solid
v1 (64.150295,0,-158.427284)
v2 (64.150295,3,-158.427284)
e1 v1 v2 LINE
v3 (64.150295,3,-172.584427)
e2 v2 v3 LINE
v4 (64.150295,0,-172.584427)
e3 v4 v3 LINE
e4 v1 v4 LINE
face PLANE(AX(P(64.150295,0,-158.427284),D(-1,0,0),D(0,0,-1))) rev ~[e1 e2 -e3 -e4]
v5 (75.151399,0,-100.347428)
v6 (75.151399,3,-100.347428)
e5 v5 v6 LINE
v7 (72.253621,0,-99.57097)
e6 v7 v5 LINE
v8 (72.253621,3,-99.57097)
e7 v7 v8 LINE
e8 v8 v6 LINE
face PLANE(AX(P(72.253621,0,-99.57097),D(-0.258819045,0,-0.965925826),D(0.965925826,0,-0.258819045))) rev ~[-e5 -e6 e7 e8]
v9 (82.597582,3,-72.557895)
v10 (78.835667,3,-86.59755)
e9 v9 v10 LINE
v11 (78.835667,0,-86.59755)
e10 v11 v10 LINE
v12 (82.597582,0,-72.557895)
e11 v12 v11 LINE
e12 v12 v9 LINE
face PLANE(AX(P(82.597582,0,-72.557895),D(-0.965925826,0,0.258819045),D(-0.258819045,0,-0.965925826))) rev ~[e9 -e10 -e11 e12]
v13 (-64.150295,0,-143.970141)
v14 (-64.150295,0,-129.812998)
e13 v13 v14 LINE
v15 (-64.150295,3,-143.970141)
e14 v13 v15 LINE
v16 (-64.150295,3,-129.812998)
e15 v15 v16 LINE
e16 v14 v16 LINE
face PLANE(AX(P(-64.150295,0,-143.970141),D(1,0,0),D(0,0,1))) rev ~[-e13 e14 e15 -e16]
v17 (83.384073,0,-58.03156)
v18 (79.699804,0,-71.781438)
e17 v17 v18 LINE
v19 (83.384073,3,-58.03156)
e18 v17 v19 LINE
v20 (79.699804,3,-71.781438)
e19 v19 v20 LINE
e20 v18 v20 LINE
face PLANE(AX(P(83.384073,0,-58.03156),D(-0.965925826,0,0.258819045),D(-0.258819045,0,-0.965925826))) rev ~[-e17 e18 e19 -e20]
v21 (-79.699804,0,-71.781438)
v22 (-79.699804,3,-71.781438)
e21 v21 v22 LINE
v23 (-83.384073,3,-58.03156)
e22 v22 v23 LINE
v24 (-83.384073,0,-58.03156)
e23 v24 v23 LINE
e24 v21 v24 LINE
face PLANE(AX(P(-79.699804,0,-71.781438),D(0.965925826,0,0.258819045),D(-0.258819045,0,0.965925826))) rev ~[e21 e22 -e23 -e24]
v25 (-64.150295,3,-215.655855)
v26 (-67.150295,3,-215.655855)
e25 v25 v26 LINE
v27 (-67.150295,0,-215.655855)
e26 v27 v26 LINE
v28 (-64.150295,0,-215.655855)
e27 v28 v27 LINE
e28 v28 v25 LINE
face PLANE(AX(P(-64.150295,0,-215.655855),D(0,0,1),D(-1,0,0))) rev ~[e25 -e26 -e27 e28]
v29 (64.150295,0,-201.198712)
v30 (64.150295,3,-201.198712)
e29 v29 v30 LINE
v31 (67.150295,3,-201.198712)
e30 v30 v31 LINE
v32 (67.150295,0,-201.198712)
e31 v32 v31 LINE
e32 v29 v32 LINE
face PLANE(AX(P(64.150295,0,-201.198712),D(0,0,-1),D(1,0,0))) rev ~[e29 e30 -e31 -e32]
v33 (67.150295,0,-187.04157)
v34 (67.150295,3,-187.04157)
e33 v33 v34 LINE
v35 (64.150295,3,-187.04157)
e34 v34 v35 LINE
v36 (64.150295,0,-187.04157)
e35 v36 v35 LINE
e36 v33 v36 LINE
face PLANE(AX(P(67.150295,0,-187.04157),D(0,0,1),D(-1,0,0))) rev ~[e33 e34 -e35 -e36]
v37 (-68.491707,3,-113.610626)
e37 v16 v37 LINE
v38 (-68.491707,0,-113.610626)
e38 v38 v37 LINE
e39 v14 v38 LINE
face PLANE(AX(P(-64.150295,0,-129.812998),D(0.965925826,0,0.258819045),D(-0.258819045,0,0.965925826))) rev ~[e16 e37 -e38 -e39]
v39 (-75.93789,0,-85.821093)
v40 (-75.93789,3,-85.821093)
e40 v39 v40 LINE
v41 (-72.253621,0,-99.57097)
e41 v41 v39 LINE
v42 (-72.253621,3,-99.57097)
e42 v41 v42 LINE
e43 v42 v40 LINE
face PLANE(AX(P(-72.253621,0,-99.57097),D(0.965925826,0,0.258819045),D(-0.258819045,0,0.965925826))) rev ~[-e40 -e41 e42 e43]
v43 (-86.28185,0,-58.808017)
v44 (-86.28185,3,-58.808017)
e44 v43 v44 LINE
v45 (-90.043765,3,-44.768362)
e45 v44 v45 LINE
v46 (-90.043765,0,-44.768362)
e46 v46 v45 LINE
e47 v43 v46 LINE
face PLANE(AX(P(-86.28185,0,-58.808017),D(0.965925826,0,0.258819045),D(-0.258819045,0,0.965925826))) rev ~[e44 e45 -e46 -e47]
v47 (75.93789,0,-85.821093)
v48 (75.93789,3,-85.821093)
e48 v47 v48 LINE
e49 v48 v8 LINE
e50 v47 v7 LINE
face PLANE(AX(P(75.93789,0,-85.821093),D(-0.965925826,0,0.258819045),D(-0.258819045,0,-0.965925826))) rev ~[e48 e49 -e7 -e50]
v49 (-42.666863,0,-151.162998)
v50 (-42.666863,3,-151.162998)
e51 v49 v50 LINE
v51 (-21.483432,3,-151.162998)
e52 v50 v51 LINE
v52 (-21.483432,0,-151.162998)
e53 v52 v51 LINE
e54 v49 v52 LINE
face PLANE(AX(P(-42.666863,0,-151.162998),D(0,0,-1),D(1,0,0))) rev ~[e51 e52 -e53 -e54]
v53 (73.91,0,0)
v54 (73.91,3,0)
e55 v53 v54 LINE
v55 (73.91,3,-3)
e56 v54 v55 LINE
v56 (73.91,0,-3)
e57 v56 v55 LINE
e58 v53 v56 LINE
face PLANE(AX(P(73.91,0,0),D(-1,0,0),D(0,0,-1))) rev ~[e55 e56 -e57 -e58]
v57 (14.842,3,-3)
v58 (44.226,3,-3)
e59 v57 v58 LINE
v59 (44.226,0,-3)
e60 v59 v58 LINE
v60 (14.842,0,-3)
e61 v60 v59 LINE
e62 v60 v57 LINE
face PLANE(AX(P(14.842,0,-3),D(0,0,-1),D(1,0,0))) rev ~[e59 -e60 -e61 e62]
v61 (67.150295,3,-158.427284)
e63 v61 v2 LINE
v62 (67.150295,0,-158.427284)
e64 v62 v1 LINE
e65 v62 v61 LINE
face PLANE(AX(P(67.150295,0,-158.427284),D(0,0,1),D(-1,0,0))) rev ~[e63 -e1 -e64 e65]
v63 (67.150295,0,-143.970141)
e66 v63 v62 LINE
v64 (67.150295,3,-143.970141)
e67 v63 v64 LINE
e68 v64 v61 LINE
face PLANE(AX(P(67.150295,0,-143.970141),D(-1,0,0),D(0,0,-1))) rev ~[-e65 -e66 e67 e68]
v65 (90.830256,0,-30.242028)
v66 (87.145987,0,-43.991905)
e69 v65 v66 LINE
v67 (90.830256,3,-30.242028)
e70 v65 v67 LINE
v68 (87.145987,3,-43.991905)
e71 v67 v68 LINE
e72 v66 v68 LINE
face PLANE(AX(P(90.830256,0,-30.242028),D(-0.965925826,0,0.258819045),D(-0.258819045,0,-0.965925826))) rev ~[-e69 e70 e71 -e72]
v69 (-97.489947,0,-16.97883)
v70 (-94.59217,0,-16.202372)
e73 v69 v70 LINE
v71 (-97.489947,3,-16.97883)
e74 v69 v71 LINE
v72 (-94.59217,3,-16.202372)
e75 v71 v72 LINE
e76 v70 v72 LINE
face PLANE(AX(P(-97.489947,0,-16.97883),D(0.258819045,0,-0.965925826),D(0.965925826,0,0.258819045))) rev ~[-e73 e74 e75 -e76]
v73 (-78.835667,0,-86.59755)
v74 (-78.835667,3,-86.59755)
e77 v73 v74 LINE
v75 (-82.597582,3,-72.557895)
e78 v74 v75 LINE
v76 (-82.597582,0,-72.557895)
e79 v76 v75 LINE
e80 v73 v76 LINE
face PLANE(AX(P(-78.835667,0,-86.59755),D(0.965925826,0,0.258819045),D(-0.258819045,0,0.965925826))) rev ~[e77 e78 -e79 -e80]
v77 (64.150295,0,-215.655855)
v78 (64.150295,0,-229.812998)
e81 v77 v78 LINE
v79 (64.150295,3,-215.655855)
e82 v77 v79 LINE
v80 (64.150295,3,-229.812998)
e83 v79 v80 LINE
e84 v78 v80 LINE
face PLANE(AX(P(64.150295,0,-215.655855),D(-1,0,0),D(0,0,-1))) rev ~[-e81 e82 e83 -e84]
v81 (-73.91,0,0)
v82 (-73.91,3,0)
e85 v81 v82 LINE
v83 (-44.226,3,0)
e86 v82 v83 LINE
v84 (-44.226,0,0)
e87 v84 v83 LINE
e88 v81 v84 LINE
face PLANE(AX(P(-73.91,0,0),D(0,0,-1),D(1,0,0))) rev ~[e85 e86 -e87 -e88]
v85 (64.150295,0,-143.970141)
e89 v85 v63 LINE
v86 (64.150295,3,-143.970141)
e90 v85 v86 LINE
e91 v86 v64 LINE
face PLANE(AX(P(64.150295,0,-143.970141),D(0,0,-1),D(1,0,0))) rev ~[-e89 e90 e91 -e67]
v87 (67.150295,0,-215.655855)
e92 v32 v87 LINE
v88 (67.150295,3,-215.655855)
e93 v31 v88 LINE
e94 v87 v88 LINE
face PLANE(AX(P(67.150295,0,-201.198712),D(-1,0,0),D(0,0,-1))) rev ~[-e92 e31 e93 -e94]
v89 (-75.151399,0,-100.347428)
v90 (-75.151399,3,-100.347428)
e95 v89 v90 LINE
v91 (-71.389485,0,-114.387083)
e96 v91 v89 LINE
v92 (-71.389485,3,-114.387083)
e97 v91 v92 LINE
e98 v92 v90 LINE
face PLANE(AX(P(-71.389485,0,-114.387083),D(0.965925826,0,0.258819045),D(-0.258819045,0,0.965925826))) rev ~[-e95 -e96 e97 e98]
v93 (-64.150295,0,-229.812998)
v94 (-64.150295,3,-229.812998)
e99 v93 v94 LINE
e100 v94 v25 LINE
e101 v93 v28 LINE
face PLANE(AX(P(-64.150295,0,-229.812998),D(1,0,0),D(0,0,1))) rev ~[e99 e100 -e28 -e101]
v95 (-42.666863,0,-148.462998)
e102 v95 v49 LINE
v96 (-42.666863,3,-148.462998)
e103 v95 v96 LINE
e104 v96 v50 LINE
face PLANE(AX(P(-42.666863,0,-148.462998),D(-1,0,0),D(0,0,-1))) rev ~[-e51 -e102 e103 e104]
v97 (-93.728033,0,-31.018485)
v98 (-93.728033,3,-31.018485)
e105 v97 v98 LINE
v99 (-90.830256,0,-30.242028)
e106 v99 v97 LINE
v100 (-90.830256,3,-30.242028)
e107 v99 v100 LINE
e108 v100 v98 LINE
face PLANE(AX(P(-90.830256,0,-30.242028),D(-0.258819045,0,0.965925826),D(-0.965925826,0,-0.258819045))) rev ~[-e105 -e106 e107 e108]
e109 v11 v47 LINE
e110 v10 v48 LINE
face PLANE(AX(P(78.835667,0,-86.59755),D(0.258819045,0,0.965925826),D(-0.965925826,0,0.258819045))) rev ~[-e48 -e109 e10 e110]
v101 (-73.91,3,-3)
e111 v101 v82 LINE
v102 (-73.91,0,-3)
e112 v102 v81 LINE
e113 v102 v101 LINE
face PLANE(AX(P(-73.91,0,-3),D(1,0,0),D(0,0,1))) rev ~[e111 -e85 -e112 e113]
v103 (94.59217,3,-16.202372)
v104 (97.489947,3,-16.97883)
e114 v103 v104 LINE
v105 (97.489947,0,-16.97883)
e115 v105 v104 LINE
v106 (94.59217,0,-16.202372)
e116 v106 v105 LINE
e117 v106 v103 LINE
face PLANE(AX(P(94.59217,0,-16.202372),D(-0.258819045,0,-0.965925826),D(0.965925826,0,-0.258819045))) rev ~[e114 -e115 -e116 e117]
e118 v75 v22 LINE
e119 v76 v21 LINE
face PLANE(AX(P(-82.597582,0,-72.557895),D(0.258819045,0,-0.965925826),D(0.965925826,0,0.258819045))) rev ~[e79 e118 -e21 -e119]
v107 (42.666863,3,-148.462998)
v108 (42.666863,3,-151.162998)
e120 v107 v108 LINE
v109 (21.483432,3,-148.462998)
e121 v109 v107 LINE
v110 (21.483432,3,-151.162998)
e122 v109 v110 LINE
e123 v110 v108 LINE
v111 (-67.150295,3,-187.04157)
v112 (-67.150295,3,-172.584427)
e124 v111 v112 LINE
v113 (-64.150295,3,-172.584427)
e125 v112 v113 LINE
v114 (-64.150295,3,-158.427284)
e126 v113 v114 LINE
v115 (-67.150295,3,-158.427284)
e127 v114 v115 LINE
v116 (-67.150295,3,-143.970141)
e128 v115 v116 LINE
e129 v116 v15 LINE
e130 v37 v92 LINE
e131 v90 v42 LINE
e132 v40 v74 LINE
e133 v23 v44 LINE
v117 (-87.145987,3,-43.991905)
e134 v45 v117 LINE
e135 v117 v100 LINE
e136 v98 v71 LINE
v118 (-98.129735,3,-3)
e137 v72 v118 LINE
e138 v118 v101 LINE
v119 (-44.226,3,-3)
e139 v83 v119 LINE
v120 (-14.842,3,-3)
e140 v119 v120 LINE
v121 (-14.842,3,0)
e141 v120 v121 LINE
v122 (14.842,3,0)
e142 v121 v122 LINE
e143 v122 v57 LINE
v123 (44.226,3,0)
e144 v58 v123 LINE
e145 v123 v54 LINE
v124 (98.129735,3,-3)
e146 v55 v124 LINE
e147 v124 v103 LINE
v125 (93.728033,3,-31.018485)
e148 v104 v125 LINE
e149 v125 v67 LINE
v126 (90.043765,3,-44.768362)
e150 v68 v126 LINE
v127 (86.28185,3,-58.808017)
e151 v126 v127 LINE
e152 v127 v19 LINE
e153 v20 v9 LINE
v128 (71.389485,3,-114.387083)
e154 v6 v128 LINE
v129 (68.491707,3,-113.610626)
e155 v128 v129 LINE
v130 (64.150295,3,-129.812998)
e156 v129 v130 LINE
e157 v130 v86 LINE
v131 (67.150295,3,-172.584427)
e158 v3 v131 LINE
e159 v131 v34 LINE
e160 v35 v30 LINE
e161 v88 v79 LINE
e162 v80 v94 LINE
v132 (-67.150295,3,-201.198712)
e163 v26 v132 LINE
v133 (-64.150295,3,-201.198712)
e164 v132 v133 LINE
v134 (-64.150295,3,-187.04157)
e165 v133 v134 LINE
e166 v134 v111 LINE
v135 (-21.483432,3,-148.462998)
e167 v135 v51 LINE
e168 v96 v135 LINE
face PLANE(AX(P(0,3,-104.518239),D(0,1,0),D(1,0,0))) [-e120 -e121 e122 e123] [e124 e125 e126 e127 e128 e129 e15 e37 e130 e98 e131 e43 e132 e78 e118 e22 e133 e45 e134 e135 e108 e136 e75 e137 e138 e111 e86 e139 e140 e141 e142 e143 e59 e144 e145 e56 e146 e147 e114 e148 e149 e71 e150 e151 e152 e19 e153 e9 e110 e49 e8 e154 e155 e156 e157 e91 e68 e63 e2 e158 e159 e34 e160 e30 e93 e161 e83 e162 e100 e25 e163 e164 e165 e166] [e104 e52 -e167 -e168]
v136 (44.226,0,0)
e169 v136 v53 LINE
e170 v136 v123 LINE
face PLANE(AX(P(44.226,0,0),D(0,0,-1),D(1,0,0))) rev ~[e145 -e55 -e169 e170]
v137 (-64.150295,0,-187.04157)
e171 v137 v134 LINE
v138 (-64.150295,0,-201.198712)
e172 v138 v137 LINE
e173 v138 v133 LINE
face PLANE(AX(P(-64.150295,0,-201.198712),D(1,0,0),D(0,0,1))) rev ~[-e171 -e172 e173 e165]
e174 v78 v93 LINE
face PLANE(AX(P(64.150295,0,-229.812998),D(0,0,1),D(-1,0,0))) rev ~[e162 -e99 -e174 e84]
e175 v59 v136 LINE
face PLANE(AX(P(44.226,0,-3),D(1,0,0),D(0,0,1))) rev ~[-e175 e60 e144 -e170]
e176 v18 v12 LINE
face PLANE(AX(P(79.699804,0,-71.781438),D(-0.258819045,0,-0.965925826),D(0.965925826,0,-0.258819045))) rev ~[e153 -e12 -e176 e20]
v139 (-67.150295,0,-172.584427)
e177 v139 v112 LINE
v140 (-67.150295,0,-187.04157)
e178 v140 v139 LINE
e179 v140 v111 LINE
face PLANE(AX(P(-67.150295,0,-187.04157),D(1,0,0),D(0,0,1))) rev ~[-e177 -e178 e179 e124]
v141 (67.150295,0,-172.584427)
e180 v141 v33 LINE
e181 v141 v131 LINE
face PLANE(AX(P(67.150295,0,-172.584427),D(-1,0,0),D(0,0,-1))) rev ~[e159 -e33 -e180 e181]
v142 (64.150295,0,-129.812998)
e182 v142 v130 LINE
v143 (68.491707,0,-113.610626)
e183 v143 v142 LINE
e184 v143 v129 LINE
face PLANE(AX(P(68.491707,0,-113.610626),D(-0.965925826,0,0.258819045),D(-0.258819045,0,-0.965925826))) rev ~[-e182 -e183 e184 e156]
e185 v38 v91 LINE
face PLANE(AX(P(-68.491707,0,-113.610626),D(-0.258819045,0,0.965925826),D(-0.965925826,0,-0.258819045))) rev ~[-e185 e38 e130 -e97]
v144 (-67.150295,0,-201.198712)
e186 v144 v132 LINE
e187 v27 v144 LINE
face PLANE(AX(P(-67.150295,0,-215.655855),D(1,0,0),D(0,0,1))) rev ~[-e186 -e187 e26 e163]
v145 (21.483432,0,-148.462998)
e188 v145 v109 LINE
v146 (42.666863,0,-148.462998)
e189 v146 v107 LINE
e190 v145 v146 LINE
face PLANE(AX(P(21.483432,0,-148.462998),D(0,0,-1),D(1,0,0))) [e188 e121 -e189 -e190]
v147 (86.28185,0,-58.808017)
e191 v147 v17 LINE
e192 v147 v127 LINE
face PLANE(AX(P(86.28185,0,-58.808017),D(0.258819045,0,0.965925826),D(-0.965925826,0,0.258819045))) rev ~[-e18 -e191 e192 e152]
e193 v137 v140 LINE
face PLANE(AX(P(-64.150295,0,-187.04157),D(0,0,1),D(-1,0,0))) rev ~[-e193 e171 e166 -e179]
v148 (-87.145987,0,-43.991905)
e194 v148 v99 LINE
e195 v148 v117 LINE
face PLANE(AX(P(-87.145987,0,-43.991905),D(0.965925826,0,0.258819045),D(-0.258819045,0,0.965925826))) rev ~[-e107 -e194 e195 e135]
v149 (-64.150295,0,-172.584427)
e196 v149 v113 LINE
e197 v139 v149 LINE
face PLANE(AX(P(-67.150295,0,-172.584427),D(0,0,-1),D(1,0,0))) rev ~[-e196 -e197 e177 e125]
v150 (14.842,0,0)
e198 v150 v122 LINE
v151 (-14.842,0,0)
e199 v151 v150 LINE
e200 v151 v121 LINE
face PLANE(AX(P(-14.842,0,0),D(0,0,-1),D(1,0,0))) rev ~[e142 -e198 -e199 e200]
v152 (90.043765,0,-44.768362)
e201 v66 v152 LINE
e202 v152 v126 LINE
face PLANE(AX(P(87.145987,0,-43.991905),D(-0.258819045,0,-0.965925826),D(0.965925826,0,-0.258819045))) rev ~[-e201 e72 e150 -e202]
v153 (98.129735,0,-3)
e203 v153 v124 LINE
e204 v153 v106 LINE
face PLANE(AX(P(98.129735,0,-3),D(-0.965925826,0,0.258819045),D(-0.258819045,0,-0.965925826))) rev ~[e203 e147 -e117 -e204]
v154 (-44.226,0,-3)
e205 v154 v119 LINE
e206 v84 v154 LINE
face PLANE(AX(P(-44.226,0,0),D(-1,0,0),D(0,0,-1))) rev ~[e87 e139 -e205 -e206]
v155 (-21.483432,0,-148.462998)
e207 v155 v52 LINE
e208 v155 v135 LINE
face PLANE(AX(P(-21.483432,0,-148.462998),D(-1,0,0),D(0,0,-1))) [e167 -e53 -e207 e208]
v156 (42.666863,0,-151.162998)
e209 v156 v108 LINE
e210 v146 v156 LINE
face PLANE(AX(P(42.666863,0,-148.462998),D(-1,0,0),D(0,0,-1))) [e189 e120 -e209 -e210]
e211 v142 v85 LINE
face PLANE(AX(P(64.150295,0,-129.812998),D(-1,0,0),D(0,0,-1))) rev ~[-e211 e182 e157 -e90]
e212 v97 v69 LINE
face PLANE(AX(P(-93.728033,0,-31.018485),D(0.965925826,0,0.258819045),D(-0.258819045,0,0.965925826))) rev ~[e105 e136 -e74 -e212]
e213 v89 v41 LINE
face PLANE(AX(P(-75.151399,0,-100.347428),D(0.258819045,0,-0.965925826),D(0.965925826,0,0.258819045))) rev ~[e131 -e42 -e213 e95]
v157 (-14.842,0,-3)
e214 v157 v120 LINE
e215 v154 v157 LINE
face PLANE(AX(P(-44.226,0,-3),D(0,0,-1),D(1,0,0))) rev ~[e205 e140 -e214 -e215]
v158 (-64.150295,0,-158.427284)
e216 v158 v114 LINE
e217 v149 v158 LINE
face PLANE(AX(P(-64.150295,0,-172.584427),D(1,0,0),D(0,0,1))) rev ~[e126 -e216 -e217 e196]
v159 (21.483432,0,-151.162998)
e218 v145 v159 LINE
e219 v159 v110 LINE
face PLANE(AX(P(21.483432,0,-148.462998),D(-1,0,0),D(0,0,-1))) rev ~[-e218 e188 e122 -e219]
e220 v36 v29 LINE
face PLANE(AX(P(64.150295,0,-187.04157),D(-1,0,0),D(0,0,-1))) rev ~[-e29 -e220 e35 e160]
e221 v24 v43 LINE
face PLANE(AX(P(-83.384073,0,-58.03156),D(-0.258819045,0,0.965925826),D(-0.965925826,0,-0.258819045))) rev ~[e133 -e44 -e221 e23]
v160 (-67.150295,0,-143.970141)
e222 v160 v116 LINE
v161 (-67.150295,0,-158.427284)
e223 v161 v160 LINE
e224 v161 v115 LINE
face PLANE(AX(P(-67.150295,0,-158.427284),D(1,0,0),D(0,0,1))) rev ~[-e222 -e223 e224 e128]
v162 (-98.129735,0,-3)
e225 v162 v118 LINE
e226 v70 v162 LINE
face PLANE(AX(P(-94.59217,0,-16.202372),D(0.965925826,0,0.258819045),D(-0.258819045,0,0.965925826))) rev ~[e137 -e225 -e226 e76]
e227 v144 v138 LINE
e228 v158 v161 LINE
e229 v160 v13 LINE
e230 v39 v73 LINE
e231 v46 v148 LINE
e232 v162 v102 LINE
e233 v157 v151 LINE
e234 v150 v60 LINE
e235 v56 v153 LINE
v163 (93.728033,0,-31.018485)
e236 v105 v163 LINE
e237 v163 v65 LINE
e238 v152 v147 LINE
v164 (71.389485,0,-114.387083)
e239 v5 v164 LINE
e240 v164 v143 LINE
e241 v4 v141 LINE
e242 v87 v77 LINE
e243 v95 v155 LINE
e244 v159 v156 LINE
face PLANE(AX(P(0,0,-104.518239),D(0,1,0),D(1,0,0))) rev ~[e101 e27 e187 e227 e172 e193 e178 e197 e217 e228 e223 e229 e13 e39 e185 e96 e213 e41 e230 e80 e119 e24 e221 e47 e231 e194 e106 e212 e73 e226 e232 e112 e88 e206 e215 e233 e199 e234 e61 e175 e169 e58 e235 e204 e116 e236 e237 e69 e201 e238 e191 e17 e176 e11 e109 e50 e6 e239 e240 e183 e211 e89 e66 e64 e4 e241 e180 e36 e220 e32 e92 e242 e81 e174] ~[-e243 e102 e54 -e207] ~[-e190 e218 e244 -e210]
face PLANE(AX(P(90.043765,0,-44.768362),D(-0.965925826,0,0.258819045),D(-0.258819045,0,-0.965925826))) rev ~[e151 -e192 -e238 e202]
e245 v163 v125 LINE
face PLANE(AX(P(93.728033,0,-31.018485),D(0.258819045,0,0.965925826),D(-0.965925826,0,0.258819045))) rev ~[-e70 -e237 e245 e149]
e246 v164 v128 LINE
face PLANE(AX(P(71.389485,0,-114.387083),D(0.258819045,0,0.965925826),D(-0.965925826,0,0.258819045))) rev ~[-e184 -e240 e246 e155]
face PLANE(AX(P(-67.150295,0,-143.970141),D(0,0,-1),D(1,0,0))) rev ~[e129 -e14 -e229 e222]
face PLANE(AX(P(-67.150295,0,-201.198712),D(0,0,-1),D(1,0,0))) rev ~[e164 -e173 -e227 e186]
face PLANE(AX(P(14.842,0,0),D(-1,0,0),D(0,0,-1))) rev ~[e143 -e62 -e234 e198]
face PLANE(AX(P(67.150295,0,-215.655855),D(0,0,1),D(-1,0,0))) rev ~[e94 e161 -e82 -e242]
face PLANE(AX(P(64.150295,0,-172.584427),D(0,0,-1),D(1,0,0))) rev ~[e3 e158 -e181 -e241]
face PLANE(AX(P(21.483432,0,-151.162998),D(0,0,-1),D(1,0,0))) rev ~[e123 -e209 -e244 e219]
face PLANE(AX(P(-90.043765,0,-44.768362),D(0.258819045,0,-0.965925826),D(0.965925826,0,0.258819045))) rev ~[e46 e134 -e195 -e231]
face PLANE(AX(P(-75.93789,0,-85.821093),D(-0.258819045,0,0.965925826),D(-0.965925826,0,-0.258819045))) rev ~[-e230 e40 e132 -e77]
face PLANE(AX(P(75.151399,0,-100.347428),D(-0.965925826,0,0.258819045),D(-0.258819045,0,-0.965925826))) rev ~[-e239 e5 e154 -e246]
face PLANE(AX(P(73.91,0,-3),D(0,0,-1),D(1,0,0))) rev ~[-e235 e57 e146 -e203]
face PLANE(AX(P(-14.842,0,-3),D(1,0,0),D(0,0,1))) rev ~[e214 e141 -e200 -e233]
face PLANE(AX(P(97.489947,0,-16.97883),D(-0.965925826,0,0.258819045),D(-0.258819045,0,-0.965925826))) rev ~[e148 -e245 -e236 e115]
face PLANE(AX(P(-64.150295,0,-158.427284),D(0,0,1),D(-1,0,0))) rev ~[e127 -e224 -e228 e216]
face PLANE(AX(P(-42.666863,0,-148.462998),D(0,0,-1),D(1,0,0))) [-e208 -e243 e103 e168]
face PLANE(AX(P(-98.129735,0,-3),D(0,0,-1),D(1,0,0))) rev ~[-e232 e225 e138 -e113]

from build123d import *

# Parameters (mm, degrees)
SKETCH1_W           = 21.18343152
SKETCH1_H           = 2.7
BOSS_EXTRUDE1_DEPTH = 3


with BuildPart() as part:
    # Sketch1 → Boss-Extrude1 (new body)
    with BuildSketch(Plane(origin=(0, 0, 0), x_dir=(1, 0, 0), z_dir=(0, 1, 0))):
        Polygon((44.226000001, 0), (73.910000001, 0), (73.910000001, 3), (98.12973499, 3), (94.59216997, 16.202372389), (97.489947449, 16.978829524), (93.72803317, 31.018484749), (90.830255691, 30.242027613), (87.145987125, 43.99190509), (90.043764604, 44.768362225), (86.281850324, 58.808017449), (83.384072846, 58.031560314), (79.69980428, 71.781437791), (82.597581759, 72.557894926), (78.835667479, 86.59755015), (75.93789, 85.821093015), (72.253621435, 99.570970491), (75.151398913, 100.347427627), (71.389484634, 114.387082851), (68.491707155, 113.610625716), (64.150294558, 129.812998105), (64.150294558, 143.970140962), (67.150294558, 143.970140962), (67.150294558, 158.427283819), (64.150294558, 158.427283819), (64.150294558, 172.584426676), (67.150294558, 172.584426676), (67.150294558, 187.041569533), (64.150294558, 187.041569533), (64.150294558, 201.19871239), (67.150294558, 201.19871239), (67.150294558, 215.655855248), (64.150294558, 215.655855248), (64.150294558, 229.812998105), (-64.150294558, 229.812998105), (-64.150294558, 215.655855248), (-67.150294558, 215.655855248), (-67.150294558, 201.19871239), (-64.150294558, 201.19871239), (-64.150294558, 187.041569533), (-67.150294558, 187.041569533), (-67.150294558, 172.584426676), (-64.150294558, 172.584426676), (-64.150294558, 158.427283819), (-67.150294558, 158.427283819), (-67.150294558, 143.970140962), (-64.150294558, 143.970140962), (-64.150294558, 129.812998105), (-68.491707155, 113.610625716), (-71.389484634, 114.387082851), (-75.151398913, 100.347427627), (-72.253621435, 99.570970491), (-75.93789, 85.821093015), (-78.835667479, 86.59755015), (-82.597581759, 72.557894926), (-79.69980428, 71.781437791), (-83.384072846, 58.031560314), (-86.281850324, 58.808017449), (-90.043764604, 44.768362225), (-87.145987125, 43.99190509), (-90.830255691, 30.242027613), (-93.72803317, 31.018484749), (-97.489947449, 16.978829524), (-94.59216997, 16.202372389), (-98.12973499, 3), (-73.910000001, 3), (-73.910000001, 0), (-44.226000001, 0), (-44.226000001, 3), (-14.842, 3), (-14.842, 0), (14.842, 0), (14.842, 3), (44.226000001, 3), align=None)
        with Locations((-32.075147279, 149.812998105)):
            Rectangle(SKETCH1_W, SKETCH1_H, mode=Mode.SUBTRACT)
        with Locations((32.075147279, 149.812998105)):
            Rectangle(SKETCH1_W, SKETCH1_H, mode=Mode.SUBTRACT)
    extrude(amount=BOSS_EXTRUDE1_DEPTH)


solid = part.part
